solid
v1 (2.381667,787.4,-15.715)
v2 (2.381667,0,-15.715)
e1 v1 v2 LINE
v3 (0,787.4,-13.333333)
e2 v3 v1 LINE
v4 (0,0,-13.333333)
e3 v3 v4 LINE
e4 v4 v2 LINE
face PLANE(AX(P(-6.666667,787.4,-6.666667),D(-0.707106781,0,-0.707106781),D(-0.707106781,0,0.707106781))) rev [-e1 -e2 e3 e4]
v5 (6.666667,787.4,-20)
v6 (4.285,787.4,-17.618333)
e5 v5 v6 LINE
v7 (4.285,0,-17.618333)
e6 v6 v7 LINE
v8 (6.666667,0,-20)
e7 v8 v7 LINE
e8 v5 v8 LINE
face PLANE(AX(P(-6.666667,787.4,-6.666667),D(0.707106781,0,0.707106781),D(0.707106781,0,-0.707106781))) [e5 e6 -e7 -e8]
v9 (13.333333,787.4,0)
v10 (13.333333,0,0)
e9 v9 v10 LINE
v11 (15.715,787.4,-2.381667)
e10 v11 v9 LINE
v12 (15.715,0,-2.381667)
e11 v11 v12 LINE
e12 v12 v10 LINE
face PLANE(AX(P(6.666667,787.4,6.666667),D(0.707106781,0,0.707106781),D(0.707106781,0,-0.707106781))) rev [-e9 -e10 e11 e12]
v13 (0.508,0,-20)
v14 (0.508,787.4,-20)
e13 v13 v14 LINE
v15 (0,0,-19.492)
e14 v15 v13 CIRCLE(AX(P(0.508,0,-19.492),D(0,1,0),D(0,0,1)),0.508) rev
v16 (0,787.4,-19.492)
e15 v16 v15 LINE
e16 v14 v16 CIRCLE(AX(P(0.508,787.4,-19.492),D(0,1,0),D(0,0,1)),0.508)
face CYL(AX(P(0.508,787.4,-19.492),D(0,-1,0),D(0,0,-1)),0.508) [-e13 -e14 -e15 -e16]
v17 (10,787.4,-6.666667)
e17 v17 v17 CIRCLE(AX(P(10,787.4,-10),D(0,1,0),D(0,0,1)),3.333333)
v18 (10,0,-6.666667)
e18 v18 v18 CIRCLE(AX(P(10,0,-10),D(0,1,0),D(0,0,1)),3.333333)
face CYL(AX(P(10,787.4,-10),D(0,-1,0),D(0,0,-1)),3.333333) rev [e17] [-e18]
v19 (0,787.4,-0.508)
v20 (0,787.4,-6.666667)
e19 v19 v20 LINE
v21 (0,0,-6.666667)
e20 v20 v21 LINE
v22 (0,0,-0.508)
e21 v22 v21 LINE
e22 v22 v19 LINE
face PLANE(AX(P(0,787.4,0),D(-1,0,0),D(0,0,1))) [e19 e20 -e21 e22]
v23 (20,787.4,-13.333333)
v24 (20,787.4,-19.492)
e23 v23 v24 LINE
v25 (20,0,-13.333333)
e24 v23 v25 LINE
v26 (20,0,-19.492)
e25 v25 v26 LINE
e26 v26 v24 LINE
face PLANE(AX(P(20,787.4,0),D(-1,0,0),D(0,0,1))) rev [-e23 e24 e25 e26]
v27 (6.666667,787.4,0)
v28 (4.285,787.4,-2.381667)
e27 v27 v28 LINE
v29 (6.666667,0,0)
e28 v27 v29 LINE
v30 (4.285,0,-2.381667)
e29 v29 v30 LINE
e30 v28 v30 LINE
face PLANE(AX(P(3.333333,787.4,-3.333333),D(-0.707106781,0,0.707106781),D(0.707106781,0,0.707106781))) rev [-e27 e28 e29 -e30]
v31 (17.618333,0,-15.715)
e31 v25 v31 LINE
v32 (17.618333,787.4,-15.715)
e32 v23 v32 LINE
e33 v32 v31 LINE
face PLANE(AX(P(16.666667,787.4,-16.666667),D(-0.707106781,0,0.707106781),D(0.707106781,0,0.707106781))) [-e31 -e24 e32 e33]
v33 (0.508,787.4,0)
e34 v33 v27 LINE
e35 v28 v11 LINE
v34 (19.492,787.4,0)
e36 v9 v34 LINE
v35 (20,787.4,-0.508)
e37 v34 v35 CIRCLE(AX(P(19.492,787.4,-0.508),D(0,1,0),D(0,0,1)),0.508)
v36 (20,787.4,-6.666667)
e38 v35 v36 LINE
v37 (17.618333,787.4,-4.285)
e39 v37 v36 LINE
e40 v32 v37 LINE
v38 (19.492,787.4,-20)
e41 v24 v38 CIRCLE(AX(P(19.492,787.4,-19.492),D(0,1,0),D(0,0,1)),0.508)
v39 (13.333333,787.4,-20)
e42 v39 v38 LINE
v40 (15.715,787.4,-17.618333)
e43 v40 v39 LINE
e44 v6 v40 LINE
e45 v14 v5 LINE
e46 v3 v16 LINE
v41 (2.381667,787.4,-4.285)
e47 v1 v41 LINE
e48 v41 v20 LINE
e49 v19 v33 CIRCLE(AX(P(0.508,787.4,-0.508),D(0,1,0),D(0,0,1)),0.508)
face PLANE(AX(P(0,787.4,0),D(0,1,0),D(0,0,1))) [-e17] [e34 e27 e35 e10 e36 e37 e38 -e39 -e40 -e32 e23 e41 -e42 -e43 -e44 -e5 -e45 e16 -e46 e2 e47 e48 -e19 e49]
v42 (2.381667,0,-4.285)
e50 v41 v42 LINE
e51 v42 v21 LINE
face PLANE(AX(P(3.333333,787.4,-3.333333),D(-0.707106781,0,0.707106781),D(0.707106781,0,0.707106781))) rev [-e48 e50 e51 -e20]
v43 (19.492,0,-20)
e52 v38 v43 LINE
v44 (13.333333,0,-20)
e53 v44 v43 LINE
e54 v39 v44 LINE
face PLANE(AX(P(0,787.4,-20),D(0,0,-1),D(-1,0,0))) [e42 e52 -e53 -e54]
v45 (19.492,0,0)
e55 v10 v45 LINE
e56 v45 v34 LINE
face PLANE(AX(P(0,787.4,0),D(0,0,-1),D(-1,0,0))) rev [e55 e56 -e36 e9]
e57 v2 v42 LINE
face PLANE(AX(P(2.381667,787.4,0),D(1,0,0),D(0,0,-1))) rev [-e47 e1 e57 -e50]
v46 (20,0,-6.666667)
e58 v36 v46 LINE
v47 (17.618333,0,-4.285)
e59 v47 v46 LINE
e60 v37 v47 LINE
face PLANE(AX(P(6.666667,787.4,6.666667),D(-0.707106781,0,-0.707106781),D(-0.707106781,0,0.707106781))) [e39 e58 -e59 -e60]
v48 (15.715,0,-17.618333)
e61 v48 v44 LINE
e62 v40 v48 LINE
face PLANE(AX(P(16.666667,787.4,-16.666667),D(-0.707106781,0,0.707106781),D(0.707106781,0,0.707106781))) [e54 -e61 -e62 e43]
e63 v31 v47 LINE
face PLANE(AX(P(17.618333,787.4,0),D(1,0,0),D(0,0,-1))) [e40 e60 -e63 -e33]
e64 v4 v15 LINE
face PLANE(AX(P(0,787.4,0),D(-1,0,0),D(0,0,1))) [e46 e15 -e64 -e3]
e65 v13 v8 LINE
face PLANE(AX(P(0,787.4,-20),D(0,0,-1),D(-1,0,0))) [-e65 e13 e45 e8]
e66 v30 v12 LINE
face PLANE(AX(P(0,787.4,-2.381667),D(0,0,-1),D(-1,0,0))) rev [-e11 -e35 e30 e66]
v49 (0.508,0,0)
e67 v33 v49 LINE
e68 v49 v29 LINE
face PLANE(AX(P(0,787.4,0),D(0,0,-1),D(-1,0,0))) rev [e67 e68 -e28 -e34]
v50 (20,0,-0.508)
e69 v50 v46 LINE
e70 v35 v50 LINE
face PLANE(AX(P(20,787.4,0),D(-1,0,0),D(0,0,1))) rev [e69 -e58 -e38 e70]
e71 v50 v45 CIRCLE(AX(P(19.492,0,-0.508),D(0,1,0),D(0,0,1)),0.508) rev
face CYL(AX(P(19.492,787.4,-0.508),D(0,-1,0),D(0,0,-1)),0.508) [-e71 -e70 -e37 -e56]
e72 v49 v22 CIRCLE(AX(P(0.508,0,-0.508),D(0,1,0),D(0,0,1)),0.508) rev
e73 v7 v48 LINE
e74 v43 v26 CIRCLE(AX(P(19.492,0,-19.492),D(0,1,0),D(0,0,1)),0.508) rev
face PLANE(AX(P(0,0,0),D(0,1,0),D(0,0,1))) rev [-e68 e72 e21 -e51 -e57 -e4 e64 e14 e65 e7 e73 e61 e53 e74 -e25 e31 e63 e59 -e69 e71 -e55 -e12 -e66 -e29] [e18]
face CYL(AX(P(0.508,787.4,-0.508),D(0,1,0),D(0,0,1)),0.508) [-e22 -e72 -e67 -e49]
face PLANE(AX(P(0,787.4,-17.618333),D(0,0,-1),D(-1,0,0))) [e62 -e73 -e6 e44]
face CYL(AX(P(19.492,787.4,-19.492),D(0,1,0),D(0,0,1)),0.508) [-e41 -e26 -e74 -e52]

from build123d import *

# Parameters (mm, degrees)
SKETCH1_R           = 3.333333333
BOSS_EXTRUDE1_DEPTH = 787.4
FILLET4_R           = 0.508


with BuildPart() as part:
    # Sketch1 → Boss-Extrude1 (new body)
    with BuildSketch(Plane(origin=(0, 0, 0), x_dir=(1, 0, 0), z_dir=(0, 1, 0))):
        Polygon((4.285, 17.618333333), (6.666666667, 20), (0, 20), (0, 13.333333333), (2.381666667, 15.715), (2.381666667, 4.285), (0, 6.666666667), (0, 0), (6.666666667, 0), (4.285, 2.381666667), (15.715, 2.381666667), (13.333333333, 0), (20, 0), (20, 6.666666667), (17.618333333, 4.285), (17.618333333, 15.715), (20, 13.333333333), (20, 20), (13.333333333, 20), (15.715, 17.618333333), align=None)
        with Locations((10, 10)):
            Circle(SKETCH1_R, mode=Mode.SUBTRACT)
    extrude(amount=BOSS_EXTRUDE1_DEPTH)

    # Fillet4
    fillet4_edges = [part.edges().sort_by_distance(p)[0] for p in [
        (20, 393.7, 0),
        (0, 393.7, 0),
        (0, 393.7, -20),
        (20, 393.7, -20),
    ]]
    fillet(fillet4_edges, radius=FILLET4_R)


solid = part.part
